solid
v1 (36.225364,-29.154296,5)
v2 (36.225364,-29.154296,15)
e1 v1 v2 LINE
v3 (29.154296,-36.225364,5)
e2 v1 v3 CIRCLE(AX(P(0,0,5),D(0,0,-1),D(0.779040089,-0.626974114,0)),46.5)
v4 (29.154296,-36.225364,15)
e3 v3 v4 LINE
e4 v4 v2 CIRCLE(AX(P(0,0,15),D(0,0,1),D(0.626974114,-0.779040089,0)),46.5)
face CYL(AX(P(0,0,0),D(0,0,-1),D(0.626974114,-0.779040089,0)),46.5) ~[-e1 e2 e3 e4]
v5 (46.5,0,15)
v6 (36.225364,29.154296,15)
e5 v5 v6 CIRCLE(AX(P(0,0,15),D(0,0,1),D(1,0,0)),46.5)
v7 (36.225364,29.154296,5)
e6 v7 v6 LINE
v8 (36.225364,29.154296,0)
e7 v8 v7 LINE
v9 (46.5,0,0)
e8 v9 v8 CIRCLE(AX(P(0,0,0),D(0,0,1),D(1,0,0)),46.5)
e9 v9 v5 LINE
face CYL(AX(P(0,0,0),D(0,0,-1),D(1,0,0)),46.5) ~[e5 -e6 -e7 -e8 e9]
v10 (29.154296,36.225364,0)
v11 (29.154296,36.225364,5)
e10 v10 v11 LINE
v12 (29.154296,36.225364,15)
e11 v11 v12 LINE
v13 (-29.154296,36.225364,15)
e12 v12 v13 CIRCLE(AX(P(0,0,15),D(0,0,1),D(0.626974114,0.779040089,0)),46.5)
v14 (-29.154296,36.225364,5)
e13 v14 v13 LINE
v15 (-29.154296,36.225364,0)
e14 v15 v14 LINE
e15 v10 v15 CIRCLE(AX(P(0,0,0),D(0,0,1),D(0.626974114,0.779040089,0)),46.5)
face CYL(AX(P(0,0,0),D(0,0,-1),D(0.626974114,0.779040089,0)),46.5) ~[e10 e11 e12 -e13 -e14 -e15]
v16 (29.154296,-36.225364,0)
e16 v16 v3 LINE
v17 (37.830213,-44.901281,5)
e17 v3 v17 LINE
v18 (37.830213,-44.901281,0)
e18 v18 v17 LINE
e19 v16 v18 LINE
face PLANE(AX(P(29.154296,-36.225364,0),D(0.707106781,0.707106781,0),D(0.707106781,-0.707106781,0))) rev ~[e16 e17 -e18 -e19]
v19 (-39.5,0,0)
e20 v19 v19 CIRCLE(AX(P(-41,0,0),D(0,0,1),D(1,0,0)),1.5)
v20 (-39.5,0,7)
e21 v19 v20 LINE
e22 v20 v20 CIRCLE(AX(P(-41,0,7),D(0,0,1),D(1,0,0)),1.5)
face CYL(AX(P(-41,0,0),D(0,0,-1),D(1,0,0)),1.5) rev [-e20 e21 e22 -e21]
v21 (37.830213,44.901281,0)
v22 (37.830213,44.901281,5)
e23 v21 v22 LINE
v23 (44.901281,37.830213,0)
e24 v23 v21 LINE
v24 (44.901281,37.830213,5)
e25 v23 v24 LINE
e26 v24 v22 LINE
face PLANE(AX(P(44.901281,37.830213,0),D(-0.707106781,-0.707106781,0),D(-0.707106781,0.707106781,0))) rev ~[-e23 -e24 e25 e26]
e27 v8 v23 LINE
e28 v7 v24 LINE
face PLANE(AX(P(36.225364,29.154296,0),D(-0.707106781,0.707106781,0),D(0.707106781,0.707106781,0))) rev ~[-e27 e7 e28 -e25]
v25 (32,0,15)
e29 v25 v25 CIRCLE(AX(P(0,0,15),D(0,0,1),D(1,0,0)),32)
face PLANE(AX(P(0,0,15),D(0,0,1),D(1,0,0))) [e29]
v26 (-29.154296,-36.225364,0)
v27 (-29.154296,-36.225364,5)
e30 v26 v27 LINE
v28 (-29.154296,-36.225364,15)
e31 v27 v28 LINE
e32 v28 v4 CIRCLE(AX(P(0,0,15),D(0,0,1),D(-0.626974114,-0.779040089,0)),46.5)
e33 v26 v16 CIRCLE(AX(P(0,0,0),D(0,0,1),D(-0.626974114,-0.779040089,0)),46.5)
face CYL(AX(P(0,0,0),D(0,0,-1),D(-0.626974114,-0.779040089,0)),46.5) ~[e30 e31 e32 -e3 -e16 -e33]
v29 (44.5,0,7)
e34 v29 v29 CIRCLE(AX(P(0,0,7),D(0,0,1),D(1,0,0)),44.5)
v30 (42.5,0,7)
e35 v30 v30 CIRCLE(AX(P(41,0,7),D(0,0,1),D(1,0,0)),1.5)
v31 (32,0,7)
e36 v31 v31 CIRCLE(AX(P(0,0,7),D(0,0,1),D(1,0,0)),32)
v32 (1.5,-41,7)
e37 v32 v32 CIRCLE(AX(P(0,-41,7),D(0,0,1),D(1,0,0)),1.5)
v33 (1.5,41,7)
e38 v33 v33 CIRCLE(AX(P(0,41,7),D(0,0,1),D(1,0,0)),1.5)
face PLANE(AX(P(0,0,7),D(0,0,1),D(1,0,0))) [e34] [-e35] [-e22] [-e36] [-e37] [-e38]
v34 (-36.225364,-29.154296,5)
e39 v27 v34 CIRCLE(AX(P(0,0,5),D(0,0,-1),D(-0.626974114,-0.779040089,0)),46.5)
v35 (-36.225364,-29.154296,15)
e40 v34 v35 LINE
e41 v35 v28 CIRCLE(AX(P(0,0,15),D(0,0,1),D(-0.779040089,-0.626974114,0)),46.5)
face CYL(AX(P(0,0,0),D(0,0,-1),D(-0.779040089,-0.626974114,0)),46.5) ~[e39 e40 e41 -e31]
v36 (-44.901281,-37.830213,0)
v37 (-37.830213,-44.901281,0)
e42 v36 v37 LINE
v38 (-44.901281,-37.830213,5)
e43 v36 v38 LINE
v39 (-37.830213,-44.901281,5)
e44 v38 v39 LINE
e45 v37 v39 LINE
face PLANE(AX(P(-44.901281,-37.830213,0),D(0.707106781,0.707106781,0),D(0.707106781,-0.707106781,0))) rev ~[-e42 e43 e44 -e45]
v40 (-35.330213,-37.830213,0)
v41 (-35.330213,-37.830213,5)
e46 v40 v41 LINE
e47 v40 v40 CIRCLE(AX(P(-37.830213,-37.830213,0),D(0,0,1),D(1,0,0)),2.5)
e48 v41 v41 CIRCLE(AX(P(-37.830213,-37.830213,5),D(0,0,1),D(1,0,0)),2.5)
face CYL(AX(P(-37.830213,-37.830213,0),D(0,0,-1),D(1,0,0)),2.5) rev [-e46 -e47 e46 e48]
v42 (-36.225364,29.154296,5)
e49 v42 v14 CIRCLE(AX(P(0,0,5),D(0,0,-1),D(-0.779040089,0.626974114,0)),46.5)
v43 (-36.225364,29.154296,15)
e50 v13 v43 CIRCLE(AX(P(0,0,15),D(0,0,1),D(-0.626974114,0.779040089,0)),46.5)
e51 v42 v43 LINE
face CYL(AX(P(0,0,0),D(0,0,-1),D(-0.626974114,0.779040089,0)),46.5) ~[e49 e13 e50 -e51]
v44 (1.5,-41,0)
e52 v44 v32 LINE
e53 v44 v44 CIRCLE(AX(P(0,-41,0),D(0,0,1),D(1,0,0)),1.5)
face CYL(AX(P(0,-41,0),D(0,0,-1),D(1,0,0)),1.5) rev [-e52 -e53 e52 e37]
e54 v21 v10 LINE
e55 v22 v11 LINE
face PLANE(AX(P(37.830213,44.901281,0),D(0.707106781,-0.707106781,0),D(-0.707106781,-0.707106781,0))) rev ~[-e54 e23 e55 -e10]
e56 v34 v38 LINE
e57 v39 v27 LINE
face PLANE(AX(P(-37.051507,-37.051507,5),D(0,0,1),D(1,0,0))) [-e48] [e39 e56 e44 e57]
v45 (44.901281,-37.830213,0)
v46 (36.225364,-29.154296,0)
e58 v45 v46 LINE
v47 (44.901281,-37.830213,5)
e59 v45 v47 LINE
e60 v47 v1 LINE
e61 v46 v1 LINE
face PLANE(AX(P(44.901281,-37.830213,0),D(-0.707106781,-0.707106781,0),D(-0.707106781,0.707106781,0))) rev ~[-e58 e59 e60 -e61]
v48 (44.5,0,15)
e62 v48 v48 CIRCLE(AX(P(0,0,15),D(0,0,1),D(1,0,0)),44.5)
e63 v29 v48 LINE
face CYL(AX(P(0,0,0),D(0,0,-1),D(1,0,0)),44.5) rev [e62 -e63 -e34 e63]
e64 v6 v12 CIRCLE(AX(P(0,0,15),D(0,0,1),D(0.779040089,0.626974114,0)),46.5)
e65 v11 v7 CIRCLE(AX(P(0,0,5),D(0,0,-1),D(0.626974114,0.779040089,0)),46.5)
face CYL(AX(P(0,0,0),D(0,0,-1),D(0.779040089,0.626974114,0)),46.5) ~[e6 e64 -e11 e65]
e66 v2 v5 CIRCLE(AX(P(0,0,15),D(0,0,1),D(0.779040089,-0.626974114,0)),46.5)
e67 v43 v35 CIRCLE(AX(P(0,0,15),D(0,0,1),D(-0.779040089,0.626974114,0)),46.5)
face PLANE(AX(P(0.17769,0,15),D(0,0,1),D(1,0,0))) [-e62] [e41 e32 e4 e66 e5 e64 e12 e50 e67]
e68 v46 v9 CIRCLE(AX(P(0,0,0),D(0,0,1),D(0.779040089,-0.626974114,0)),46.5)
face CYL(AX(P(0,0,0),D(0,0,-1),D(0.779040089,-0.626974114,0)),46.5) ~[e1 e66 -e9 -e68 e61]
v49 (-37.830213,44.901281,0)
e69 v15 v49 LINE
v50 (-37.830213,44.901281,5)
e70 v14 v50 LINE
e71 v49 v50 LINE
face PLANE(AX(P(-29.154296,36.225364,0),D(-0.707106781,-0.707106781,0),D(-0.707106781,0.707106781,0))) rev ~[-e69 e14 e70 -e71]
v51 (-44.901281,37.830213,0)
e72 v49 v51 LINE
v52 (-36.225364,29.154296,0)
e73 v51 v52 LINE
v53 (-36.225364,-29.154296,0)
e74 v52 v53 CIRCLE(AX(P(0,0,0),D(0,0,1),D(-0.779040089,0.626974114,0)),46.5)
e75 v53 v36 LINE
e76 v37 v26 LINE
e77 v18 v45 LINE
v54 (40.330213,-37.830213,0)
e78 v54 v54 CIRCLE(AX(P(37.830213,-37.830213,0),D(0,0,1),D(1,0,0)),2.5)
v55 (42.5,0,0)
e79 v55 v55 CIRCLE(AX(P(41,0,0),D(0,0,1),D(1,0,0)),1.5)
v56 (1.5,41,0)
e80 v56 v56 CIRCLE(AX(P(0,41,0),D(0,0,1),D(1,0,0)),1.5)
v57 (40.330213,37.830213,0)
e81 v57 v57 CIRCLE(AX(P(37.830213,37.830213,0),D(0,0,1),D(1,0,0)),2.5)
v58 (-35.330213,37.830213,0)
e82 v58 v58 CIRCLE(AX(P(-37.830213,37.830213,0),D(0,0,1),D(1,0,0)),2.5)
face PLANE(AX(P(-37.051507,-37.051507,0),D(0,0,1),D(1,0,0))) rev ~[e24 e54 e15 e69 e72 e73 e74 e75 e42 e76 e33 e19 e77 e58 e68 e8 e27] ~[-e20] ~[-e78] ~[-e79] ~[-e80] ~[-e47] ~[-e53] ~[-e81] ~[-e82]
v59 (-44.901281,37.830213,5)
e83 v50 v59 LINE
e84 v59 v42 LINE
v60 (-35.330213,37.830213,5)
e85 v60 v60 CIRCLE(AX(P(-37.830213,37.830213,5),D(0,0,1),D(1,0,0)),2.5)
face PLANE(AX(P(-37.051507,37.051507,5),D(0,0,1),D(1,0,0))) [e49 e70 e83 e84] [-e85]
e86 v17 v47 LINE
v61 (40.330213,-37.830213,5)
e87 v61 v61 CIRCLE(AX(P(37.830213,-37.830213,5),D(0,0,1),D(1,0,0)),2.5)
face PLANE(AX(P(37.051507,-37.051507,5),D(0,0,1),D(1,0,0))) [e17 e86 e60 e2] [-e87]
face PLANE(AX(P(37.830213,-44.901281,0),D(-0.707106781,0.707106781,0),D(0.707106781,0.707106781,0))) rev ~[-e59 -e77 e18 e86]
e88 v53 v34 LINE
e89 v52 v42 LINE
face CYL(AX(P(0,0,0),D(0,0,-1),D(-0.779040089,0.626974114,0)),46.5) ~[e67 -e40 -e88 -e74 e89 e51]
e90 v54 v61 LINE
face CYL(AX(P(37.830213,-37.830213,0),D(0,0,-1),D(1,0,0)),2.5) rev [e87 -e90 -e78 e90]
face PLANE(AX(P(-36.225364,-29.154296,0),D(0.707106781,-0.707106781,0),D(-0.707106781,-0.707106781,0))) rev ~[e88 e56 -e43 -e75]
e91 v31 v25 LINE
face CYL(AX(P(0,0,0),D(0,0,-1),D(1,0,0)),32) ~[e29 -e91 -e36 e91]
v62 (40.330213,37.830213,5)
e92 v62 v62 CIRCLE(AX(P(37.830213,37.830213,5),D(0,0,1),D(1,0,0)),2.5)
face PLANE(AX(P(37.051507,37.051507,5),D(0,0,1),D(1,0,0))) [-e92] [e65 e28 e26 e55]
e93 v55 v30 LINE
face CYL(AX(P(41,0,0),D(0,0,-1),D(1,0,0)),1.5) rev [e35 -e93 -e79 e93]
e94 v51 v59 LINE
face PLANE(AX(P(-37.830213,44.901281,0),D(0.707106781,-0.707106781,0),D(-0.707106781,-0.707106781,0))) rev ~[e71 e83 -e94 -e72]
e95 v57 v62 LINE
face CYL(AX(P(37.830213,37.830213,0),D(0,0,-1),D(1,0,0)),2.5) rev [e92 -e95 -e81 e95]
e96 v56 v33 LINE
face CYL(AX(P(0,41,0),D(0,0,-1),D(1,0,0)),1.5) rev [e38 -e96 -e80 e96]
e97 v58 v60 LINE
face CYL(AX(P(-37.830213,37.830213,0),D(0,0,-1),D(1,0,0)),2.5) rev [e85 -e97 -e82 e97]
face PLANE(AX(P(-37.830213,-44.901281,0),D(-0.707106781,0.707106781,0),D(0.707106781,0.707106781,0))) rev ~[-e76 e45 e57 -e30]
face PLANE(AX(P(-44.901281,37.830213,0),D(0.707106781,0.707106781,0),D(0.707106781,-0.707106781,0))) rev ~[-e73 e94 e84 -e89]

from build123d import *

# Parameters (mm, degrees)
F0_R     = 44.5
F0_R_2   = 1.5
F0_R_3   = 32
F1_DEPTH = 7
F2_DEPTH = 15
F0_R_4   = 2.5
F3_DEPTH = 5


with BuildPart() as f1:
    # F0 (on Top) → F1 (new body)
    with BuildSketch(Plane.XY):
        Circle(F0_R)
        with Locations((0, -41)):
            Circle(F0_R_2, mode=Mode.SUBTRACT)
        with Locations((-41, 0)):
            Circle(F0_R_2, mode=Mode.SUBTRACT)
        Circle(F0_R_3, mode=Mode.SUBTRACT)
        with Locations((41, 0)):
            Circle(F0_R_2, mode=Mode.SUBTRACT)
        with Locations((0, 41)):
            Circle(F0_R_2, mode=Mode.SUBTRACT)
    extrude(amount=F1_DEPTH)

    # F0 (on Top) → F2 (join)
    with BuildSketch(Plane.XY):
        with BuildLine():
            ThreePointArc((36.2253641288, -29.1542963169), (43.8561821867, -15.455914208), (46.5, 0))
            ThreePointArc((46.5, 0), (43.8561821867, 15.455914208), (36.2253641288, 29.1542963169))
            ThreePointArc((36.2253641288, 29.1542963169), (32.8804653252, 32.8804653252), (29.1542963169, 36.2253641288))
            ThreePointArc((29.1542963169, 36.2253641288), (0, 46.5), (-29.1542963169, 36.2253641288))
            ThreePointArc((-29.1542963169, 36.2253641288), (-32.8804653252, 32.8804653252), (-36.2253641288, 29.1542963169))
            ThreePointArc((-36.2253641288, 29.1542963169), (-46.5, 0), (-36.2253641288, -29.1542963169))
            ThreePointArc((-36.2253641288, -29.1542963169), (-32.8804653252, -32.8804653252), (-29.1542963169, -36.2253641288))
            ThreePointArc((-29.1542963169, -36.2253641288), (0, -46.5), (29.1542963169, -36.2253641288))
            ThreePointArc((29.1542963169, -36.2253641288), (32.8804653252, -32.8804653252), (36.2253641288, -29.1542963169))
        make_face()
        Circle(F0_R, mode=Mode.SUBTRACT)
        Circle(F0_R_3)
    extrude(amount=F2_DEPTH)

    # F0 (on Top) → F3 (join)
    with BuildSketch(Plane.XY):
        with BuildLine():
            Line((-37.8302127935, -44.9012806053), (-29.1542963169, -36.2253641288))
            ThreePointArc((-29.1542963169, -36.2253641288), (-32.8804653252, -32.8804653252), (-36.2253641288, -29.1542963169))
            Line((-36.2253641288, -29.1542963169), (-44.9012806053, -37.8302127935))
            Line((-44.9012806053, -37.8302127935), (-37.8302127935, -44.9012806053))
        make_face()
        with Locations((-37.8302127935, -37.8302127935)):
            Circle(F0_R_4, mode=Mode.SUBTRACT)
        with BuildLine():
            ThreePointArc((-36.2253641288, 29.1542963169), (-32.8804653252, 32.8804653252), (-29.1542963169, 36.2253641288))
            Line((-29.1542963169, 36.2253641288), (-37.8302127935, 44.9012806053))
            Line((-37.8302127935, 44.9012806053), (-44.9012806053, 37.8302127935))
            Line((-44.9012806053, 37.8302127935), (-36.2253641288, 29.1542963169))
        make_face()
        with Locations((-37.8302127935, 37.8302127935)):
            Circle(F0_R_4, mode=Mode.SUBTRACT)
        with BuildLine():
            ThreePointArc((29.1542963169, 36.2253641288), (32.8804653252, 32.8804653252), (36.2253641288, 29.1542963169))
            Line((36.2253641288, 29.1542963169), (44.9012806053, 37.8302127935))
            Line((44.9012806053, 37.8302127935), (37.8302127935, 44.9012806053))
            Line((37.8302127935, 44.9012806053), (29.1542963169, 36.2253641288))
        make_face()
        with Locations((37.8302127935, 37.8302127935)):
            Circle(F0_R_4, mode=Mode.SUBTRACT)
        with BuildLine():
            Line((44.9012806053, -37.8302127935), (36.2253641288, -29.1542963169))
            ThreePointArc((36.2253641288, -29.1542963169), (32.8804653252, -32.8804653252), (29.1542963169, -36.2253641288))
            Line((29.1542963169, -36.2253641288), (37.8302127935, -44.9012806053))
            Line((37.8302127935, -44.9012806053), (44.9012806053, -37.8302127935))
        make_face()
        with Locations((37.8302127935, -37.8302127935)):
            Circle(F0_R_4, mode=Mode.SUBTRACT)
    extrude(amount=F3_DEPTH)


solid = f1.part
